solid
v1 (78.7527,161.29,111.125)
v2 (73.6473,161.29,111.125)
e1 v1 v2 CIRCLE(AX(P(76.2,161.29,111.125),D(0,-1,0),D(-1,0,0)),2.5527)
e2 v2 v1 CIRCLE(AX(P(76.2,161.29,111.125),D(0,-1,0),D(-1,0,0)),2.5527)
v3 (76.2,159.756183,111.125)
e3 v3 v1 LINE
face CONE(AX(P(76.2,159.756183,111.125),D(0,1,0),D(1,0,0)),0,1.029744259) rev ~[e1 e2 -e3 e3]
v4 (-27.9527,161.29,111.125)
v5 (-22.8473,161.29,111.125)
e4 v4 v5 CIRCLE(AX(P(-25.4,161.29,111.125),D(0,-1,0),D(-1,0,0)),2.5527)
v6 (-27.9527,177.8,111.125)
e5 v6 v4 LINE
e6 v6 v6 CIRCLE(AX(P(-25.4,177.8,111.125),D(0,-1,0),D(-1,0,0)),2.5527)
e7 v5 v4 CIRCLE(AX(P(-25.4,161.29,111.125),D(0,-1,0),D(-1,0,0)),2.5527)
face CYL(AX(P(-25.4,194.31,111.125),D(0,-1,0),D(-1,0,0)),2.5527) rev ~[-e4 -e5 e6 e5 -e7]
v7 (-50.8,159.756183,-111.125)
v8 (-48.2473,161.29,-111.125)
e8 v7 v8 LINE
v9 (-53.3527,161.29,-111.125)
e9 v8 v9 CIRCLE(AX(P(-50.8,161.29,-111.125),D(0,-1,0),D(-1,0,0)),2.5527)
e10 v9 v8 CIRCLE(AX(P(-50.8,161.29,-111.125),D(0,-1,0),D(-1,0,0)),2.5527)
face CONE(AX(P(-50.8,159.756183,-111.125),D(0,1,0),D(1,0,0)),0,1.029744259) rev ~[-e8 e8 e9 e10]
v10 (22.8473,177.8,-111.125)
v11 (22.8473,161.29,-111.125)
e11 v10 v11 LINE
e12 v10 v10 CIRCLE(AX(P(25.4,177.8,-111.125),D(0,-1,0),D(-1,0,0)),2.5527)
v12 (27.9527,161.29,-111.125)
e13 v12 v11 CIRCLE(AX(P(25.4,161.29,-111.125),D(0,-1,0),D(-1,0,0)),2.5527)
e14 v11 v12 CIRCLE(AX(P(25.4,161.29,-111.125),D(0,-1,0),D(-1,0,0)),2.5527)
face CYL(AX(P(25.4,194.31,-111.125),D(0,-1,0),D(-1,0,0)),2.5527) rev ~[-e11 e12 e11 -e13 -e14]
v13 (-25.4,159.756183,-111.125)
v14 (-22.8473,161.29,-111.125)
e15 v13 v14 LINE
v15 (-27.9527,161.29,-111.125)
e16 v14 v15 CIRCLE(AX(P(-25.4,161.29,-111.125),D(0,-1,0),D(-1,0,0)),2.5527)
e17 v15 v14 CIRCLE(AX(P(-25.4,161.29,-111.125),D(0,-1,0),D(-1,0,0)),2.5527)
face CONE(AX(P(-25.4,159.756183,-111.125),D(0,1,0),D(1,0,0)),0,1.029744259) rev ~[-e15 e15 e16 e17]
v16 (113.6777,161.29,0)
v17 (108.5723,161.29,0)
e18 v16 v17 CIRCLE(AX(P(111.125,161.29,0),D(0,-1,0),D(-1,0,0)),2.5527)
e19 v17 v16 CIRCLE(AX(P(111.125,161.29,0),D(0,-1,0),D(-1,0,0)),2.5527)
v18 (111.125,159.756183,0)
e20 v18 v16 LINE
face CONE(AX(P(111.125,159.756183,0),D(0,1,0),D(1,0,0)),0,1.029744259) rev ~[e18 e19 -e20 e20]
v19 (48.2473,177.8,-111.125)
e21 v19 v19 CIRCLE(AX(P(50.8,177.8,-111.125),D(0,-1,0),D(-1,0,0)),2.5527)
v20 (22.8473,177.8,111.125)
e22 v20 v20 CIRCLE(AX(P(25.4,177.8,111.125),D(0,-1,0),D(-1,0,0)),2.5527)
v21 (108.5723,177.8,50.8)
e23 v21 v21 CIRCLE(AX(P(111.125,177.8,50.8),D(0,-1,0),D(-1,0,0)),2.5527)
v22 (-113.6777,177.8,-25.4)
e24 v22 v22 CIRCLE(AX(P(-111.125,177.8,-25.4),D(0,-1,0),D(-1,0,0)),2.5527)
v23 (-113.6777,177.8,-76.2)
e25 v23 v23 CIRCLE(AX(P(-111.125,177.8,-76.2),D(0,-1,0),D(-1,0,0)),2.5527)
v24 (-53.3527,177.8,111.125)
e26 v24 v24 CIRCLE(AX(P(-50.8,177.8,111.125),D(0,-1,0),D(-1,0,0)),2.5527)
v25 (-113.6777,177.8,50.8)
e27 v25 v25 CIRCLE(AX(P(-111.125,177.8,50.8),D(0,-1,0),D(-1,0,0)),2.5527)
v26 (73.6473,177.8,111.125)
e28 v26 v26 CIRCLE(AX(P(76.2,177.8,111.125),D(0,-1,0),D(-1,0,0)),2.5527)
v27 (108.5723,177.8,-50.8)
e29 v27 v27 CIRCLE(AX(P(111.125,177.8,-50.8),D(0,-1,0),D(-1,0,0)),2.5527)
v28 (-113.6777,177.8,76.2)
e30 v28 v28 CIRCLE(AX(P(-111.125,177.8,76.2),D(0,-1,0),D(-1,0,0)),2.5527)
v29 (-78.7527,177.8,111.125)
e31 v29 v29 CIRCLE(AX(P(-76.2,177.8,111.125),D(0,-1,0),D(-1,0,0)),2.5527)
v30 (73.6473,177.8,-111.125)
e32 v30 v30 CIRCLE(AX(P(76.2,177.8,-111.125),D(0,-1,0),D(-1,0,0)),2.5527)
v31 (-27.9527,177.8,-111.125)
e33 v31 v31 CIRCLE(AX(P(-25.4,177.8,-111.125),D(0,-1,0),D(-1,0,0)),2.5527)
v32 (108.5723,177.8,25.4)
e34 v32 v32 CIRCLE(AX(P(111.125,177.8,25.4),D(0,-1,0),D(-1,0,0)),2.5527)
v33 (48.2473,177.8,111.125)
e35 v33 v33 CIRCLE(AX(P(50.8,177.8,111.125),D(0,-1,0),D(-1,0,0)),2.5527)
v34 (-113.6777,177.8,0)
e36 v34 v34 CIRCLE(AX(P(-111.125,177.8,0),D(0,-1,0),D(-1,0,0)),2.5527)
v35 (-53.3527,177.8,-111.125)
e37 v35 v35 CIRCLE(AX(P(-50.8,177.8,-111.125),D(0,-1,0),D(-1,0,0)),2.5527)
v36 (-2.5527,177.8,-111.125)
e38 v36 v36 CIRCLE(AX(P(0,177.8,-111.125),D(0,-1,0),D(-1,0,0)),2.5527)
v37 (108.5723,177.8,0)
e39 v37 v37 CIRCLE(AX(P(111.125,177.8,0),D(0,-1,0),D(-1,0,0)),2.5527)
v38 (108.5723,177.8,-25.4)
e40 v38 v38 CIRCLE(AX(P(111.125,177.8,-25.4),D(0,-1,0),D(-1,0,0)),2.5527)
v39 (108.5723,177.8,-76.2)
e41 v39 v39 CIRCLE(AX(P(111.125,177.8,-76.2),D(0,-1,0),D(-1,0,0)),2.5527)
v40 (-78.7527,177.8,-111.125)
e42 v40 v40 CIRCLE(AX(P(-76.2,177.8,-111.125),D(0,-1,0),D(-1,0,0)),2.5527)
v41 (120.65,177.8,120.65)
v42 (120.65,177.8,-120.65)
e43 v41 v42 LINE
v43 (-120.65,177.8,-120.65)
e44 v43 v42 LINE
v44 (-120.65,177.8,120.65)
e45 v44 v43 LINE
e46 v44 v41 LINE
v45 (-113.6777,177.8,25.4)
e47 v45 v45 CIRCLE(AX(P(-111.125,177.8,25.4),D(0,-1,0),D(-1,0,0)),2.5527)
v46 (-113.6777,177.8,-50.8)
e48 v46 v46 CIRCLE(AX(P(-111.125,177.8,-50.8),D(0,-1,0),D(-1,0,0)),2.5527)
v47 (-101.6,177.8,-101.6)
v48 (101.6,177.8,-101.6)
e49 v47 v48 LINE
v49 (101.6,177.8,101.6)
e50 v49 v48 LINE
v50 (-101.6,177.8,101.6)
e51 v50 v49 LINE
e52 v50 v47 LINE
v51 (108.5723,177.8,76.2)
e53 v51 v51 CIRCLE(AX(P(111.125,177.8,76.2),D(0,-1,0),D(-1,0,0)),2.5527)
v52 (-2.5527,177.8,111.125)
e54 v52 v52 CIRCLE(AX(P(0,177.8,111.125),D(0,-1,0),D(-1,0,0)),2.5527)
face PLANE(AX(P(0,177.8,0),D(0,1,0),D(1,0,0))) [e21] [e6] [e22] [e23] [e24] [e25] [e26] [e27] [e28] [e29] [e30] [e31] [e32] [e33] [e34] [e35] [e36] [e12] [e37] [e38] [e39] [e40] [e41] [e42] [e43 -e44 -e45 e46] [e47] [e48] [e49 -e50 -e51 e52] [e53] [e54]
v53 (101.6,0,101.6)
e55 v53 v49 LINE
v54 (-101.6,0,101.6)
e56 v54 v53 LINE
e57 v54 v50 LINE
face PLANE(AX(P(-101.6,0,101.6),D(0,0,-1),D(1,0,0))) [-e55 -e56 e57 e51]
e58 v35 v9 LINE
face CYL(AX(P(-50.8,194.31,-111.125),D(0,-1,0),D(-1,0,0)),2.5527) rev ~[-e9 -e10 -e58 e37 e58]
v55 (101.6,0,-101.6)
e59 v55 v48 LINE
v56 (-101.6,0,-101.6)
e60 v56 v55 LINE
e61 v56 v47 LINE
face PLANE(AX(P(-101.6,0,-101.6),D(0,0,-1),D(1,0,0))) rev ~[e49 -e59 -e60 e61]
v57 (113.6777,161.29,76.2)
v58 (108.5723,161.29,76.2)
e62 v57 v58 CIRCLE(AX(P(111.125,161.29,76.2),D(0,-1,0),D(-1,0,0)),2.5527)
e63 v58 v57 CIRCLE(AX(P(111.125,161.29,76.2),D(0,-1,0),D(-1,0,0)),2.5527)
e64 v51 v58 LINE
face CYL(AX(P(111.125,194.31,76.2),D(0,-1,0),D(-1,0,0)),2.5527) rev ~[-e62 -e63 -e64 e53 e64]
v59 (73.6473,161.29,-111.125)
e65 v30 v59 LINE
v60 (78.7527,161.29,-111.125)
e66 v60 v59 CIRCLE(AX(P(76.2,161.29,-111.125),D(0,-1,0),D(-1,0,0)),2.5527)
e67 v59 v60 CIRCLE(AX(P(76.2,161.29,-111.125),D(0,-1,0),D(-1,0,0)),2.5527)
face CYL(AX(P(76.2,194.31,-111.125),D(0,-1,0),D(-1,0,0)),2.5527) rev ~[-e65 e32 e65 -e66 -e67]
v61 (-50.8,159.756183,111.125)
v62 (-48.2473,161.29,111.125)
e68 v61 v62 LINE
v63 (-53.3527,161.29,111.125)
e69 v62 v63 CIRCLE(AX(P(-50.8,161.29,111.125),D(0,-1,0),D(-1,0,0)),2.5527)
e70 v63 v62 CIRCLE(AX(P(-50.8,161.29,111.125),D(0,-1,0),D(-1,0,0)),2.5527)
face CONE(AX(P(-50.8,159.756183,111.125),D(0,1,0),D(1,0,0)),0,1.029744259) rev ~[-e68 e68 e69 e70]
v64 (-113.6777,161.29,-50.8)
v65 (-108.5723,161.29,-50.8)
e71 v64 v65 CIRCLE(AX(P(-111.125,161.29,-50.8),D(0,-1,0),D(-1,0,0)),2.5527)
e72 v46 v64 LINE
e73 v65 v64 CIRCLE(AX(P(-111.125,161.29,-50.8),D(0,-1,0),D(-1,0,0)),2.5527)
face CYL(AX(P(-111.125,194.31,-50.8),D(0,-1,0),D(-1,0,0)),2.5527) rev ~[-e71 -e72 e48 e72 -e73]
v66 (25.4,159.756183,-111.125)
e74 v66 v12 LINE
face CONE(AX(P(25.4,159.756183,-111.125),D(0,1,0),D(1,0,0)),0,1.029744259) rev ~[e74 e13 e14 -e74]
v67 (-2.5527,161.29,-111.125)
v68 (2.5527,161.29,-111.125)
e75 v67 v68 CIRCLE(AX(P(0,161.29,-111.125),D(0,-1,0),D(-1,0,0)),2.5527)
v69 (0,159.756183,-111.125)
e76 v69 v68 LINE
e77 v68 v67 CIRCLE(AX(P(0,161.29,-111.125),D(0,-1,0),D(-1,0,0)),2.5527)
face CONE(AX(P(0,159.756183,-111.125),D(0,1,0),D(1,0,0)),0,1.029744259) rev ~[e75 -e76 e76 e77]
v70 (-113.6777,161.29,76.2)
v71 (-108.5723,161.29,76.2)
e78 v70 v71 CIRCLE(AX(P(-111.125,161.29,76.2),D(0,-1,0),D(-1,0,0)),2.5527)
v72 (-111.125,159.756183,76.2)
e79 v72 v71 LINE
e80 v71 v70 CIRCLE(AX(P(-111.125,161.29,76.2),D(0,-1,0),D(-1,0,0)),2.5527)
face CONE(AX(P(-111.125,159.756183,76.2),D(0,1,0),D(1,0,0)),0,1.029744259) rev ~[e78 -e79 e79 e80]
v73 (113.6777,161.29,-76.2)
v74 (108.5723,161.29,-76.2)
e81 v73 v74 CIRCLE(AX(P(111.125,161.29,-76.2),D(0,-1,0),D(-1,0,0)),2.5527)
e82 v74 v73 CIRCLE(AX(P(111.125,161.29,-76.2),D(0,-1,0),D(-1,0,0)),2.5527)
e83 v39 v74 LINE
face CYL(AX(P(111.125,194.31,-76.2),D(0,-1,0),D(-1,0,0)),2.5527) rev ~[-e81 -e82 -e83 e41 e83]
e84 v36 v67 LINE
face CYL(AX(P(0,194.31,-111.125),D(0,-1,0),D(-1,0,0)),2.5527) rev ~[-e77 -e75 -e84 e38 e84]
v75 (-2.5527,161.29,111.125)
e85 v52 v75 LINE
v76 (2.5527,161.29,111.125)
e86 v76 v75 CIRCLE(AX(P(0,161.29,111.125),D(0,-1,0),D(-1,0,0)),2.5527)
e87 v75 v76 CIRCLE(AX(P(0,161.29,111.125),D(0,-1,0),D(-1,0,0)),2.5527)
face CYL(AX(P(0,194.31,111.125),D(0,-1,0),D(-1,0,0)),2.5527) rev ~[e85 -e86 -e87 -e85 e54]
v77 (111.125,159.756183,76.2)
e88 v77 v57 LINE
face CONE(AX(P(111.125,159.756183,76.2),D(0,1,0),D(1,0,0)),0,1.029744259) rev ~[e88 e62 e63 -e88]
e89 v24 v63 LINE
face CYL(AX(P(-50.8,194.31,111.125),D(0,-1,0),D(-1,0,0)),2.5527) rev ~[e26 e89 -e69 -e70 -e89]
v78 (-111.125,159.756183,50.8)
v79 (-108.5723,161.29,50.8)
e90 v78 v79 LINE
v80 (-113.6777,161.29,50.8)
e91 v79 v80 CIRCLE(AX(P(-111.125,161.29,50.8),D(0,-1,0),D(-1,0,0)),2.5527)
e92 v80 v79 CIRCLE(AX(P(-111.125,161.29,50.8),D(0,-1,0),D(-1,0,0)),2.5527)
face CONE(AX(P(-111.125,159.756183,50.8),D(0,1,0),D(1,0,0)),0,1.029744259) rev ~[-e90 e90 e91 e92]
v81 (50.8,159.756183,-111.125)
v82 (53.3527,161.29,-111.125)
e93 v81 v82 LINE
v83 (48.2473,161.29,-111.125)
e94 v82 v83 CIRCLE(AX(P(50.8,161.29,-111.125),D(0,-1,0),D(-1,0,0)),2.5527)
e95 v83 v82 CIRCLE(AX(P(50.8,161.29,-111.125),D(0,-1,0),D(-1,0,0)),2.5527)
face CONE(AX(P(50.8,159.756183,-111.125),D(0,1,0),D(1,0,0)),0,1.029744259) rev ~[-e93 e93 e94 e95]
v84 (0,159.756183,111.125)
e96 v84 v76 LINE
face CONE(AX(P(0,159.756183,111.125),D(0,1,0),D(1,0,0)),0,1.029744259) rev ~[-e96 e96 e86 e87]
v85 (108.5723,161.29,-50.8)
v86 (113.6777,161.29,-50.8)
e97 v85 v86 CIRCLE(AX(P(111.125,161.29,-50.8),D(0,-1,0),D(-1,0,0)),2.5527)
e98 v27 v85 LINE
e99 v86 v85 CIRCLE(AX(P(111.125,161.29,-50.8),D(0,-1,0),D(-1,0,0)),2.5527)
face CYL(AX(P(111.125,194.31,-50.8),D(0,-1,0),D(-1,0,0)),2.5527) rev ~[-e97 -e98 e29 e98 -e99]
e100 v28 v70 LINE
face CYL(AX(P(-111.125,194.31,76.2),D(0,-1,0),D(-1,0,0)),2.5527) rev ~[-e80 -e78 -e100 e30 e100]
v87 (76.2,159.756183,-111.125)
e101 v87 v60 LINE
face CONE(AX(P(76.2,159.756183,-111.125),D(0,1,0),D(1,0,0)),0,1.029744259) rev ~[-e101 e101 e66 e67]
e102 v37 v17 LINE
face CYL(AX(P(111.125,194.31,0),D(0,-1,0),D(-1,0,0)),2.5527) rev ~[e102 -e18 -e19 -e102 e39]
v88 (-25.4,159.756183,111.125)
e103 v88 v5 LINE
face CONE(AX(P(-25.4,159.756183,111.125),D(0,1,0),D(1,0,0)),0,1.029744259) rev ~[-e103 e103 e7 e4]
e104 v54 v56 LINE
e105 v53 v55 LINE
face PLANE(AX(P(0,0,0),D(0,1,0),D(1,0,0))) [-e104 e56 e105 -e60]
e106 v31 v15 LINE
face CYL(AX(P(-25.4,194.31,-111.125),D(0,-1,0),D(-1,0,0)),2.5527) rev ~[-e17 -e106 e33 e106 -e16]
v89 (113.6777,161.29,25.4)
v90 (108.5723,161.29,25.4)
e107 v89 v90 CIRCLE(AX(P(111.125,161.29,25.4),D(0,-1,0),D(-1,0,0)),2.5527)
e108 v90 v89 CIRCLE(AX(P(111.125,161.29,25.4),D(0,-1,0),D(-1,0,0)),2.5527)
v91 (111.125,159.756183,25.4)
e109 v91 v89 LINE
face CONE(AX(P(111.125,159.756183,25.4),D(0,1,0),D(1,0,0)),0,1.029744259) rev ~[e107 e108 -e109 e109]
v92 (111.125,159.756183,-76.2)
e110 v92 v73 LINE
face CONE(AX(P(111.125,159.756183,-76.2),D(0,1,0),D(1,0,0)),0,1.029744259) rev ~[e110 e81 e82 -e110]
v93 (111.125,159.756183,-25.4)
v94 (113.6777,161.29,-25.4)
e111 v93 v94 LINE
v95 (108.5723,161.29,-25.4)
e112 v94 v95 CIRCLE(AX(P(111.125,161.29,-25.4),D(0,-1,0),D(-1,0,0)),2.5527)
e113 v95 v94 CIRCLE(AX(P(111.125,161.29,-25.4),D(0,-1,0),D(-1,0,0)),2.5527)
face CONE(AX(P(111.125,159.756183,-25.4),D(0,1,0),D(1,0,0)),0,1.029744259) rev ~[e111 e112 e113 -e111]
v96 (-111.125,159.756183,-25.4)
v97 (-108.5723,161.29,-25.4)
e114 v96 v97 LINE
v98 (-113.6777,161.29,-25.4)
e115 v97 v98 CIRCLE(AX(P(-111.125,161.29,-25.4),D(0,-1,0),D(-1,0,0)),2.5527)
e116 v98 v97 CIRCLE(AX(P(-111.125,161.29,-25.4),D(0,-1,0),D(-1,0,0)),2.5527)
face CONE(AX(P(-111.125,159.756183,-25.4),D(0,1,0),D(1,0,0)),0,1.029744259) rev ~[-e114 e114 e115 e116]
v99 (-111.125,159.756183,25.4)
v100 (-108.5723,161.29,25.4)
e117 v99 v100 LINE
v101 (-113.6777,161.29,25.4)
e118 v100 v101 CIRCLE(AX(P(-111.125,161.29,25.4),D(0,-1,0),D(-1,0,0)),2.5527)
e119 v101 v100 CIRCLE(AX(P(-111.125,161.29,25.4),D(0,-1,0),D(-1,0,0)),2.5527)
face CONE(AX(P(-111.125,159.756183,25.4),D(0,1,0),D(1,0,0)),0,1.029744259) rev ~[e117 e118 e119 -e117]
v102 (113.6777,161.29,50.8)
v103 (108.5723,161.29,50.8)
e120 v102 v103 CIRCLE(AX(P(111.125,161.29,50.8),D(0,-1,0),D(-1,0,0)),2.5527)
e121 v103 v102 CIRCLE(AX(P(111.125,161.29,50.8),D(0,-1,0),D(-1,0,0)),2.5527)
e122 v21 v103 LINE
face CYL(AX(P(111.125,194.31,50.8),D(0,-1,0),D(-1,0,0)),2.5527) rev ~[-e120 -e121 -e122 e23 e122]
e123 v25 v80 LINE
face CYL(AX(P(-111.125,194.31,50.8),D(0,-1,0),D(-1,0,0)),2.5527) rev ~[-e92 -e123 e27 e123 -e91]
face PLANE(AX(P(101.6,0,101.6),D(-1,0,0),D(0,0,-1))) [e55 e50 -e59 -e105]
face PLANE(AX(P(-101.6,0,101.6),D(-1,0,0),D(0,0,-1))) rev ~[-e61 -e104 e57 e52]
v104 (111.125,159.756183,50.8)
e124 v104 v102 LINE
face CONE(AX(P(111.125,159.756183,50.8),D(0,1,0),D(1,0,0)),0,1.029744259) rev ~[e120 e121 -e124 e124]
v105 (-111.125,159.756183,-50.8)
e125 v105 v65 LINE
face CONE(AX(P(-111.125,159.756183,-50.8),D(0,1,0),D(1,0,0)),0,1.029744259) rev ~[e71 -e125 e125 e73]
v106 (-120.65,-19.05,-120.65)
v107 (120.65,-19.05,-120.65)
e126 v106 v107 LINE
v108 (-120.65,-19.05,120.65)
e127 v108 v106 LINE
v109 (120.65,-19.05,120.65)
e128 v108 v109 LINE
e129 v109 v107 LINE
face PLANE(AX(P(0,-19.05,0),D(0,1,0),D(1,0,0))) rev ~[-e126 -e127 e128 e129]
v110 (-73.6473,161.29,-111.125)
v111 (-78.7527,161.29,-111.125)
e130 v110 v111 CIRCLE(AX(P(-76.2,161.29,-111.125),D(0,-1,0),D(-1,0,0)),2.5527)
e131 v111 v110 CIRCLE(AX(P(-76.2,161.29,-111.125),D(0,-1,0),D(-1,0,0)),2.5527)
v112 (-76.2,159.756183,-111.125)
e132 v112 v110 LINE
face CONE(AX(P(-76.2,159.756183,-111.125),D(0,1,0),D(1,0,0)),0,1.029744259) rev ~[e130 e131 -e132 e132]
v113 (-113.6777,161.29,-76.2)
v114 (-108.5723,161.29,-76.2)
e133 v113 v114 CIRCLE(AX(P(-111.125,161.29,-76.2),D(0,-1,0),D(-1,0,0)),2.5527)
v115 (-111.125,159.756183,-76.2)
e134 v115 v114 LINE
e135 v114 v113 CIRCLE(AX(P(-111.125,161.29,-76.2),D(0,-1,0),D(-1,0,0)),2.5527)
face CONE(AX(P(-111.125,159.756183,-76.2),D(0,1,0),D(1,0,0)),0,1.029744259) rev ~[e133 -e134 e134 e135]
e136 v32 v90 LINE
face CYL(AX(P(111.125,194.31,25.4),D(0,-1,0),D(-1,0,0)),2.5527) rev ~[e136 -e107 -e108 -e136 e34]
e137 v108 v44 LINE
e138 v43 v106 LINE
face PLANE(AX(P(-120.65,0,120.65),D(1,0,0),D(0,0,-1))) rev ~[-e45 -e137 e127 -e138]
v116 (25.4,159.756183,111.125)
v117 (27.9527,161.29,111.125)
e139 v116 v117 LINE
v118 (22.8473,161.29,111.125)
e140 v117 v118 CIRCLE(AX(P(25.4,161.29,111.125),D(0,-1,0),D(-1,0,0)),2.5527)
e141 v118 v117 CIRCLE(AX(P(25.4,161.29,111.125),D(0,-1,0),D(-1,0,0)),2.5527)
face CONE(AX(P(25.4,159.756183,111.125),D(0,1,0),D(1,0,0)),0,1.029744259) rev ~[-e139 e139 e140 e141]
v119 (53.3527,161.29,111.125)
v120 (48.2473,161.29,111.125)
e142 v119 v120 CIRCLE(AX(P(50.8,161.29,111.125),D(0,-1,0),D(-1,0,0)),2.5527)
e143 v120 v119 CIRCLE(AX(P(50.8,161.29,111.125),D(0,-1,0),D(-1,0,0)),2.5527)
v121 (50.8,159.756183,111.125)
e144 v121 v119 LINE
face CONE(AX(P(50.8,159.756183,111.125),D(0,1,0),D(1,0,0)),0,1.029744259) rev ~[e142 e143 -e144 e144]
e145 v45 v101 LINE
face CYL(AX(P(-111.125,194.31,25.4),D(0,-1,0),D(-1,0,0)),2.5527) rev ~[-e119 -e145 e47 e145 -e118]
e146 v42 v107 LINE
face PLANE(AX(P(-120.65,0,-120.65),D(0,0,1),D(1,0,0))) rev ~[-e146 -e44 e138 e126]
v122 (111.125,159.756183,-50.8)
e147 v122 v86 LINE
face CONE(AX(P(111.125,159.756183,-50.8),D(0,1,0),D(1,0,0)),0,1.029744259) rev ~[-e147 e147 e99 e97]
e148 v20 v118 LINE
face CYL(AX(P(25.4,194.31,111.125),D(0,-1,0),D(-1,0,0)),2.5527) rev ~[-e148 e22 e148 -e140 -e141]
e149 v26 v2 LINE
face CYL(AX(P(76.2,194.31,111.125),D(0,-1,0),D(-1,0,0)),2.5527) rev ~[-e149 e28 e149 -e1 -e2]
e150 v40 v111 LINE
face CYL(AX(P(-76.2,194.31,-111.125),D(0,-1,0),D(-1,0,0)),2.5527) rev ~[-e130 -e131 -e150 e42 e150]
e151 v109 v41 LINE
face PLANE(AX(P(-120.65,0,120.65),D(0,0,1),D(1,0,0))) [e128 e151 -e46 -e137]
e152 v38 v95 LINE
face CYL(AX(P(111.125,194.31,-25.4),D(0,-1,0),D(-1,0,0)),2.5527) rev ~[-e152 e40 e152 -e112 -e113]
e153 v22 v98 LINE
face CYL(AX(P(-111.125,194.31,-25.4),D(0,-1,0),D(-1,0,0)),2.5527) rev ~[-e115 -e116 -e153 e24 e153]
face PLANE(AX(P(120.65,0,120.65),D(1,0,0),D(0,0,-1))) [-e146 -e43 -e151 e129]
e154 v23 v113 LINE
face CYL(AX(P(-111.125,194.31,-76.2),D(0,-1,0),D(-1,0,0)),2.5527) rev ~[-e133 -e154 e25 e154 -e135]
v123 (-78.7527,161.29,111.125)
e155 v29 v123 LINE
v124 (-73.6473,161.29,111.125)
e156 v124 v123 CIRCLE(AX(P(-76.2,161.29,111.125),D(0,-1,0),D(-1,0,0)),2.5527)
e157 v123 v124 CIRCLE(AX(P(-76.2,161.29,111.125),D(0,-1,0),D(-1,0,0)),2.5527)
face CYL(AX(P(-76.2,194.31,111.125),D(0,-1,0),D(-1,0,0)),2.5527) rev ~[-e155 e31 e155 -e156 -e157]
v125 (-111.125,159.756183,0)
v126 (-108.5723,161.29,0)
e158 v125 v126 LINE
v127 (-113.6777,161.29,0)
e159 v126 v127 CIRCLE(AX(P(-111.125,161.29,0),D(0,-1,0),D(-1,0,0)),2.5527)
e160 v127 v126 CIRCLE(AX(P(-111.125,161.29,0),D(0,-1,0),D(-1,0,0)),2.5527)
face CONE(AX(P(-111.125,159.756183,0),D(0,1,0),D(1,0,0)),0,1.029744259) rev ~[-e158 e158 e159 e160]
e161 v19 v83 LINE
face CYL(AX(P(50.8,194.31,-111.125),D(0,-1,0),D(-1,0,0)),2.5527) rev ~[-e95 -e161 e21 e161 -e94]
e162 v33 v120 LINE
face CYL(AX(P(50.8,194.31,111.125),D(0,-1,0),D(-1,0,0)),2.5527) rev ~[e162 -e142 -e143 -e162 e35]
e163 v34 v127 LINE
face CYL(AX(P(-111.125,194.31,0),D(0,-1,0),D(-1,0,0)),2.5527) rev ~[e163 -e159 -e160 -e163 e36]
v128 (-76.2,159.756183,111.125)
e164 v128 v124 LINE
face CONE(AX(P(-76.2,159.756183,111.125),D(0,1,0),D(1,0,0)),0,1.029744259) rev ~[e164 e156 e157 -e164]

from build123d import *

# Parameters (mm, degrees)
SKETCH1_W                   = 241.3
SKETCH1_H                   = 241.3
SKETCH1_W_2                 = 203.2
SKETCH1_H_2                 = 203.2
EXTRUDE_THIN1_DEPTH         = 177.8
SKETCH2_W                   = 241.3
SKETCH2_H                   = 241.3
BOSS_EXTRUDE1_DEPTH         = 19.05
F_1_4_20_TAPPED_HOLE1_D     = 5.1054
F_1_4_20_TAPPED_HOLE1_DEPTH = 16.51
F_1_4_20_TAPPED_HOLE1_TIP   = 1.533816902


with BuildPart() as part:
    # Sketch1 → Extrude-Thin1 (new body)
    with BuildSketch(Plane(origin=(0, 0, 0), x_dir=(1, 0, 0), z_dir=(0, 1, 0))):
        Rectangle(SKETCH1_W, SKETCH1_H)
        Rectangle(SKETCH1_W_2, SKETCH1_H_2, mode=Mode.SUBTRACT)
    extrude(amount=EXTRUDE_THIN1_DEPTH)

    # Sketch2 → Boss-Extrude1 (add)
    with BuildSketch(Plane(origin=(0, 0, 0), x_dir=(1, 0, 0), z_dir=(0, 1, 0))):
        Rectangle(SKETCH2_W, SKETCH2_H)
    extrude(amount=-BOSS_EXTRUDE1_DEPTH)

    # 1/4-20 Tapped Hole1
    with Locations(Plane(origin=(0, 177.8, 0), x_dir=(1, 0, 0), z_dir=(0, 1, 0))):
        with Locations((-76.2, -111.125), (-111.125, 76.2), (-111.125, 50.8), (-111.125, 25.4), (-111.125, 0), (-111.125, -25.4), (-111.125, -50.8), (-111.125, -76.2), (111.125, -76.2), (111.125, -50.8), (111.125, -25.4), (111.125, 0), (111.125, 25.4), (111.125, 50.8), (111.125, 76.2), (-76.2, 111.125), (-50.8, 111.125), (-25.4, 111.125), (0, 111.125), (25.4, 111.125), (50.8, 111.125), (76.2, 111.125), (76.2, -111.125), (50.8, -111.125), (25.4, -111.125), (0, -111.125), (-25.4, -111.125), (-50.8, -111.125)):
            Hole(F_1_4_20_TAPPED_HOLE1_D / 2, depth=F_1_4_20_TAPPED_HOLE1_DEPTH)
            with Locations((0, 0, -(F_1_4_20_TAPPED_HOLE1_DEPTH + F_1_4_20_TAPPED_HOLE1_TIP / 2))):  # 118° drill point
                Cone(0, F_1_4_20_TAPPED_HOLE1_D / 2, F_1_4_20_TAPPED_HOLE1_TIP, mode=Mode.SUBTRACT)


solid = part.part
